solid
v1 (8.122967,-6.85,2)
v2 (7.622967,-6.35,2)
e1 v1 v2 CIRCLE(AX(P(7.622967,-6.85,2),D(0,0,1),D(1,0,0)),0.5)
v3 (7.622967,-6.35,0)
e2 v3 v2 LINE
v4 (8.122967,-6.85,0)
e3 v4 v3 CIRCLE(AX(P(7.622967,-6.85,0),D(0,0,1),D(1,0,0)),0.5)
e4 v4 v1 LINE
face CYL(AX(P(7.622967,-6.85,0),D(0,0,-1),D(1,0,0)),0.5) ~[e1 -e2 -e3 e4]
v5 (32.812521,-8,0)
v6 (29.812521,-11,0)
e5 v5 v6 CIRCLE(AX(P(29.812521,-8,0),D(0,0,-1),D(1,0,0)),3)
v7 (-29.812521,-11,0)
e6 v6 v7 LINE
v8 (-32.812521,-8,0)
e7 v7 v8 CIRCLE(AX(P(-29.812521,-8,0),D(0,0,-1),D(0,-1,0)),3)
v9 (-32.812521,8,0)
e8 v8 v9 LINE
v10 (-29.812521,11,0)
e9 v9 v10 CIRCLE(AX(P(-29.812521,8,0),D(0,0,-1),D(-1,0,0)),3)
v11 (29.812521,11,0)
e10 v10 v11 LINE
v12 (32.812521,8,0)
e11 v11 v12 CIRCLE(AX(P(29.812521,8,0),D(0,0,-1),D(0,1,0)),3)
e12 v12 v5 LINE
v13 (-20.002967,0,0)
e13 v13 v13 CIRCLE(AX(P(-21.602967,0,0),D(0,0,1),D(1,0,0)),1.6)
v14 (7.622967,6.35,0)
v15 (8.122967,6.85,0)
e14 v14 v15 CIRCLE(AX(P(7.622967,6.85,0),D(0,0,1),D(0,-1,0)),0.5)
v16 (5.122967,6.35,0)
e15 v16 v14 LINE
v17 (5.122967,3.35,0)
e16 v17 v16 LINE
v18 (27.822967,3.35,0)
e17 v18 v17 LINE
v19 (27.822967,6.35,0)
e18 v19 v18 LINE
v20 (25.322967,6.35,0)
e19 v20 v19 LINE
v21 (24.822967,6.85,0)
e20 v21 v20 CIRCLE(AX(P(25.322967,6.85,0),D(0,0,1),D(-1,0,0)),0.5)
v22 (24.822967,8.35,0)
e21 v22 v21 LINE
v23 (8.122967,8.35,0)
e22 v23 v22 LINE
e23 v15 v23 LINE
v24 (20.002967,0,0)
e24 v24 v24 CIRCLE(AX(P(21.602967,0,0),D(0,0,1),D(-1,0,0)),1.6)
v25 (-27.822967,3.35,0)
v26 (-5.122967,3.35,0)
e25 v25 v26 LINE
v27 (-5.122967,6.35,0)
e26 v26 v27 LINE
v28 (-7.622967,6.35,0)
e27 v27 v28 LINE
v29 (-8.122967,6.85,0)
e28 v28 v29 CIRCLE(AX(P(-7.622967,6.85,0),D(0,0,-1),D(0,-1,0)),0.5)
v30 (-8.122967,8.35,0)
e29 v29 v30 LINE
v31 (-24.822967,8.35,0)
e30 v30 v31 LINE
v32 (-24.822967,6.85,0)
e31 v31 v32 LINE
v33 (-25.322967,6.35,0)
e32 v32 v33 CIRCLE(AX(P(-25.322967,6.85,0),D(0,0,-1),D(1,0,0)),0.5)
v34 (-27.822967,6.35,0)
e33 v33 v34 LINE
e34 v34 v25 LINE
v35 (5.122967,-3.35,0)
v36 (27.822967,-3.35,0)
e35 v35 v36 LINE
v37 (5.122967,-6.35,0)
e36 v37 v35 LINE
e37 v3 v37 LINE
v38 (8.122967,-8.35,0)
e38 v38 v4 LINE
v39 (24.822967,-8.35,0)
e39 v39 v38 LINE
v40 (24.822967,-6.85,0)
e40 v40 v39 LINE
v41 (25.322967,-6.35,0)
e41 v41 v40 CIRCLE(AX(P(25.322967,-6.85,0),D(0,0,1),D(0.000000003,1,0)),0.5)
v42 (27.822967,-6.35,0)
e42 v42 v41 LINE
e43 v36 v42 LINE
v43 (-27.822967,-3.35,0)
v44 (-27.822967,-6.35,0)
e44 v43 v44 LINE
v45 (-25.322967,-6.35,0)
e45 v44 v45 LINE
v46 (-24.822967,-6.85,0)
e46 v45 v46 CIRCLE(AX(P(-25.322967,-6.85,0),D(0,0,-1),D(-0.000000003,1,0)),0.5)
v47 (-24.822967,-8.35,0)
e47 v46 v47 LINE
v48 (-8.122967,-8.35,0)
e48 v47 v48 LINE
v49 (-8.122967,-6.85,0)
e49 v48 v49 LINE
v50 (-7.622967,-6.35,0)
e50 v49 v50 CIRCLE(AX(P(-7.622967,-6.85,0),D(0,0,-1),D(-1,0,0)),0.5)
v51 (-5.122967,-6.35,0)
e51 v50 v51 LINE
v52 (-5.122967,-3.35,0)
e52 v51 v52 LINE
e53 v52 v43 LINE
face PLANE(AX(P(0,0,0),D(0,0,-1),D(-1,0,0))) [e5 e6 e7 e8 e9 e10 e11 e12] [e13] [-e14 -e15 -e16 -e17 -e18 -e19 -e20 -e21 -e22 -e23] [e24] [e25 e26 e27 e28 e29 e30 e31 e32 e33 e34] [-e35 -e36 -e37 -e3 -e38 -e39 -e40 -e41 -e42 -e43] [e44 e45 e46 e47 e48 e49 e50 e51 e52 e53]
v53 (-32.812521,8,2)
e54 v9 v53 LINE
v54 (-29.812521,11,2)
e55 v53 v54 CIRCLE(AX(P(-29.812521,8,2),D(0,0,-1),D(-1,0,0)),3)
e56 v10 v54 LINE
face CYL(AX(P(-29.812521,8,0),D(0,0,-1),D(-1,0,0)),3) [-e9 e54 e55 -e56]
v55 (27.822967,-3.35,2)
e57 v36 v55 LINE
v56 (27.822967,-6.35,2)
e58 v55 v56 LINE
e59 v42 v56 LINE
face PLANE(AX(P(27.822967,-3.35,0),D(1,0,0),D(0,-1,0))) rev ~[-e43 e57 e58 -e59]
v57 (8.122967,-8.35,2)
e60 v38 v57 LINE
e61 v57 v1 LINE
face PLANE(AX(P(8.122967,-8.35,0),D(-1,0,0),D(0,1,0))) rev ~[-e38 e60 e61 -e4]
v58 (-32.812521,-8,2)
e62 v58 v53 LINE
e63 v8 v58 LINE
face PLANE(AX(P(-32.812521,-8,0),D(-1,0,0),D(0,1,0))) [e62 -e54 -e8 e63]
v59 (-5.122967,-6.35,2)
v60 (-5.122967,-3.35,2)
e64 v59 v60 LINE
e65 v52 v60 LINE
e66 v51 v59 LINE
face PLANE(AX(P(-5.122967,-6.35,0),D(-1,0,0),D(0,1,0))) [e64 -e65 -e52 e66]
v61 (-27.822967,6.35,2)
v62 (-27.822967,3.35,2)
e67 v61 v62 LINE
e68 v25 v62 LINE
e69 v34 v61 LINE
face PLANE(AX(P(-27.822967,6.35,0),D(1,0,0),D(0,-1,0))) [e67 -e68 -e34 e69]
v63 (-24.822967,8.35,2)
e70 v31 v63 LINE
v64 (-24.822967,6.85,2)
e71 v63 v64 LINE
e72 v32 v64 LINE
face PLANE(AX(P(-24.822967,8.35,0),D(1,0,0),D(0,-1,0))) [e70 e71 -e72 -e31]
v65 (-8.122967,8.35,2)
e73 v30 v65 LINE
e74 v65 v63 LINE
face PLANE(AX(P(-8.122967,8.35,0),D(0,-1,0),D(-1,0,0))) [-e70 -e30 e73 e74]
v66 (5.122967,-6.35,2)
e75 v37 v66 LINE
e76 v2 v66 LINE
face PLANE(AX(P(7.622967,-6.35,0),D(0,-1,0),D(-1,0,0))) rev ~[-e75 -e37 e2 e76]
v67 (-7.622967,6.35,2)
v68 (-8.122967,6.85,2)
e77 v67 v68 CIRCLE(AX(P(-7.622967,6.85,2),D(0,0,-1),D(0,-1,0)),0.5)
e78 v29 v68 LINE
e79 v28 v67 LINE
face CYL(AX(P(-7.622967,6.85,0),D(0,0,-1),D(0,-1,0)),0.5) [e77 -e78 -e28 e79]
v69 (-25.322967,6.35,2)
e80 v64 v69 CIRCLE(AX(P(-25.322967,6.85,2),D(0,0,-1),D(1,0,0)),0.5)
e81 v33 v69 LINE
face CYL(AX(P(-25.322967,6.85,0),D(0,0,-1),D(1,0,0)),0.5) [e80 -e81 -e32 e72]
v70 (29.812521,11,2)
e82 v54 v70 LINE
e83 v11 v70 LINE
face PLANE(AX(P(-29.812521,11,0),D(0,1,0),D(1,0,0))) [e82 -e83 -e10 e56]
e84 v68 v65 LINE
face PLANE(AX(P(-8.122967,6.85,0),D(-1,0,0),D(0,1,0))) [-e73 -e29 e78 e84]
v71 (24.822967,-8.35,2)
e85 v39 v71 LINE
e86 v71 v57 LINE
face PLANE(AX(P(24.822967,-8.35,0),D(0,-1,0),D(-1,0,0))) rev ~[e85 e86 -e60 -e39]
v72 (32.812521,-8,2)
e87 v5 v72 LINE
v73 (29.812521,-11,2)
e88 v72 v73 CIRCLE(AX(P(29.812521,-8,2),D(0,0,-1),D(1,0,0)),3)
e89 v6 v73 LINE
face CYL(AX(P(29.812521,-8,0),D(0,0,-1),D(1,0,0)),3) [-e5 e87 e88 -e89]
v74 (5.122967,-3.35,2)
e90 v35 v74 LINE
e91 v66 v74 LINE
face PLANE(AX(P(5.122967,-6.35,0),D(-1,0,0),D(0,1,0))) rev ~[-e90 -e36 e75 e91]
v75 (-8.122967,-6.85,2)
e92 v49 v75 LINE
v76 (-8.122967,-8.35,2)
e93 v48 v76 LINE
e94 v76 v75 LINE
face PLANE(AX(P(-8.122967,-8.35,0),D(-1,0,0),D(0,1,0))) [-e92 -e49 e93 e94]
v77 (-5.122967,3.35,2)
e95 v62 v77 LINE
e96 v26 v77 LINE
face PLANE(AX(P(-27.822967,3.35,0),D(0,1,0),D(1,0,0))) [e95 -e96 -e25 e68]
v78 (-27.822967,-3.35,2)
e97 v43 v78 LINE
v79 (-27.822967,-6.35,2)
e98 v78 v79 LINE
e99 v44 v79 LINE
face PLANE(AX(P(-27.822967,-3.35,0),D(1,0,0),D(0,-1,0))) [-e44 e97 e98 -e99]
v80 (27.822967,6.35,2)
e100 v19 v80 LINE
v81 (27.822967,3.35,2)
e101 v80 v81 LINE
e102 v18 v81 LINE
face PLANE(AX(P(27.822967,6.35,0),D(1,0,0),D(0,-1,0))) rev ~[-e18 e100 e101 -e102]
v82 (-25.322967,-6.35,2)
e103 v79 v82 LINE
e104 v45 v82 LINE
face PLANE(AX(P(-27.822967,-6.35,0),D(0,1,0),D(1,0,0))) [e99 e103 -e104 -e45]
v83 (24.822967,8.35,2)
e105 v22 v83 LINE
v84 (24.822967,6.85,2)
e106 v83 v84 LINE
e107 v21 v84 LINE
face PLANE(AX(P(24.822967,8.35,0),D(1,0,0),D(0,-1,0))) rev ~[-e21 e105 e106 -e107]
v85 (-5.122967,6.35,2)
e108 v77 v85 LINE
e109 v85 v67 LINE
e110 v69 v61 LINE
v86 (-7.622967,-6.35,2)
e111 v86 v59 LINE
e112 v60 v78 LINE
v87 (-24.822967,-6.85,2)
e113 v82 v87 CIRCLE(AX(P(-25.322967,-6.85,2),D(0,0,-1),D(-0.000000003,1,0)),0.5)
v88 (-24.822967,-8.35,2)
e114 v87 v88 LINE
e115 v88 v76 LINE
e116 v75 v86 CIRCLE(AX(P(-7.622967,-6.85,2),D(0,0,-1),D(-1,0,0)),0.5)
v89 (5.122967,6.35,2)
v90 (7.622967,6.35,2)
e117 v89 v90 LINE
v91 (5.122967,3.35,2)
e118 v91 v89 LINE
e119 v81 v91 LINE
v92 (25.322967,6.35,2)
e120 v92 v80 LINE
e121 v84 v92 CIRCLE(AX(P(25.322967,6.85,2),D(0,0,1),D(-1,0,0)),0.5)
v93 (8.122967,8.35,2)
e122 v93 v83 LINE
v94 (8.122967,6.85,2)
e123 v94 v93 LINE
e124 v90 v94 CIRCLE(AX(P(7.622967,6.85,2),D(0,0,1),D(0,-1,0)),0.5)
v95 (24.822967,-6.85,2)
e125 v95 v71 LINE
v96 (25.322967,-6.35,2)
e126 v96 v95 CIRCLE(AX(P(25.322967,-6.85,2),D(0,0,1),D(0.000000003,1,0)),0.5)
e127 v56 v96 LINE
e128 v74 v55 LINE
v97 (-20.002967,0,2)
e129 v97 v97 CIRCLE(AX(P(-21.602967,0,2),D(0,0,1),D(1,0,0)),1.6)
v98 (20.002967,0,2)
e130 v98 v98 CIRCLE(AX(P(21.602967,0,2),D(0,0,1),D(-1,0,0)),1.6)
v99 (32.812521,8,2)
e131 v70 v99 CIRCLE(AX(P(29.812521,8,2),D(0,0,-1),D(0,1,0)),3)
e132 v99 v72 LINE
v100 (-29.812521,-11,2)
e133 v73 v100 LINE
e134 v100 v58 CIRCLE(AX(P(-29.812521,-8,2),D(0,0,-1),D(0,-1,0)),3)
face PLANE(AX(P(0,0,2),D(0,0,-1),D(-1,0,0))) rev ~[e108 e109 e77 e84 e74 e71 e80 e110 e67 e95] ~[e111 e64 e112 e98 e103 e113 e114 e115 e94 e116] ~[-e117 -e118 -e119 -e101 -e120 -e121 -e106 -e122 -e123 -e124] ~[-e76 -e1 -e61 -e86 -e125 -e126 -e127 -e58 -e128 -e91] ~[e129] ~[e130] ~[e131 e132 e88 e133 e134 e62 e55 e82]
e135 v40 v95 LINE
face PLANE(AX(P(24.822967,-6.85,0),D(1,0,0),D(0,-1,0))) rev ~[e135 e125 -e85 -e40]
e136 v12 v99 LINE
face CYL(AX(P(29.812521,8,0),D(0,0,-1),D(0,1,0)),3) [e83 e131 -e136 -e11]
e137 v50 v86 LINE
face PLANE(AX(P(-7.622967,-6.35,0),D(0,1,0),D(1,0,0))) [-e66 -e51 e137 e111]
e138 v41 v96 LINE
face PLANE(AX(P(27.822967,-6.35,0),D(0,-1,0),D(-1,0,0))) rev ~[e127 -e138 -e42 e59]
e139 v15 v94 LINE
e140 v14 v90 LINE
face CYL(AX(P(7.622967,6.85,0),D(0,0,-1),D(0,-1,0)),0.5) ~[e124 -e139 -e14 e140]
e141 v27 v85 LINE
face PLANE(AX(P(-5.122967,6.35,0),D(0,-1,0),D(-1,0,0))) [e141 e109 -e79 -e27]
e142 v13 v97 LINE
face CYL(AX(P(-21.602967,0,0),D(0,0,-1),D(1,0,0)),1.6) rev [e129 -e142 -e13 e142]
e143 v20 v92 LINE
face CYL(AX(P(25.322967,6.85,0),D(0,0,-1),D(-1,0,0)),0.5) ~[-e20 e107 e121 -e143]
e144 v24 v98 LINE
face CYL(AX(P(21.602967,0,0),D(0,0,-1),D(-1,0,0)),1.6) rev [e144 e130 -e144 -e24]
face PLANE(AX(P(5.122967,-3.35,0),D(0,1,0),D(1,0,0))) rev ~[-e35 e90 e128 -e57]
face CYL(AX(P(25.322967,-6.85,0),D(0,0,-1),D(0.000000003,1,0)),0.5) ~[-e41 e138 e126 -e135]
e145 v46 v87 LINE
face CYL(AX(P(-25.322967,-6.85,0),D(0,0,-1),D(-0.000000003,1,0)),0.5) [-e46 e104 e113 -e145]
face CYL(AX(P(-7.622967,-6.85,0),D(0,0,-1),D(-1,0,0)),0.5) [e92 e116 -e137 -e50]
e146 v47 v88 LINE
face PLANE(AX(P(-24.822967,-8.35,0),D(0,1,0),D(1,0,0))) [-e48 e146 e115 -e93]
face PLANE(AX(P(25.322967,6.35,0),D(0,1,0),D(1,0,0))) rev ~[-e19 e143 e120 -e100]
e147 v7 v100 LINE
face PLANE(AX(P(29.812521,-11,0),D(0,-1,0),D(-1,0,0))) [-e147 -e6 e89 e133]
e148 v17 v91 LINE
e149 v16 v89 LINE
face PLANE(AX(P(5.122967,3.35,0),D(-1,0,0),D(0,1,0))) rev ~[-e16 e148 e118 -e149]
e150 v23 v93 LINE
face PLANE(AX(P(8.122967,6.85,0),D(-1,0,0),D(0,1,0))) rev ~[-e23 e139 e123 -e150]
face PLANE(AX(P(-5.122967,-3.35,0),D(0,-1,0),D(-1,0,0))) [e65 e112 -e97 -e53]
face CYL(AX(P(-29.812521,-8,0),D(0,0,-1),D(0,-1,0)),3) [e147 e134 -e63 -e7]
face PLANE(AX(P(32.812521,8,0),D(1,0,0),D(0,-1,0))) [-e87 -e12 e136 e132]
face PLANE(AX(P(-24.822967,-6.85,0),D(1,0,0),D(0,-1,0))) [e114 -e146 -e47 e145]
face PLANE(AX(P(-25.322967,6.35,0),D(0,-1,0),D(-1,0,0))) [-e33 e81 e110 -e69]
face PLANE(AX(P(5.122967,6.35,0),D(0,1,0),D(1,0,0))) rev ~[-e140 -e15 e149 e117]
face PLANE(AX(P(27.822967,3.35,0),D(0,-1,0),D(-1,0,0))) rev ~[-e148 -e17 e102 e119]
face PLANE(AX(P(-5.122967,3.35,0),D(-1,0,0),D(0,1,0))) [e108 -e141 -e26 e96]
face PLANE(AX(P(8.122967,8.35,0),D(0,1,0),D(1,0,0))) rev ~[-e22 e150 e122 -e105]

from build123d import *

# Parameters (mm, degrees)
SKETCH_1_R      = 1.6
EXTRUDE_1_DEPTH = 2


with BuildPart() as part:
    # 草图1 → 凸台-拉伸1 (new body)
    with BuildSketch(Plane.XY):
        with BuildLine():
            Line((-29.812520549, 11), (29.812520549, 11))
            ThreePointArc((29.812520549, 11), (31.933840892, 10.121320344), (32.812520549, 8))
            Line((32.812520549, 8), (32.812520549, -8))
            ThreePointArc((32.812520549, -8), (31.933840892, -10.121320344), (29.812520549, -11))
            Line((29.812520549, -11), (-29.812520549, -11))
            ThreePointArc((-29.812520549, -11), (-31.933840892, -10.121320344), (-32.812520549, -8))
            Line((-32.812520549, -8), (-32.812520549, 8))
            ThreePointArc((-32.812520549, 8), (-31.933840892, 10.121320344), (-29.812520549, 11))
        make_face()
        with Locations((-21.602967139, 3e-09)):
            Circle(SKETCH_1_R, mode=Mode.SUBTRACT)
        with Locations(Location((21.602967139, 3e-09, 0), (0, 0, 180))):
            Circle(SKETCH_1_R, mode=Mode.SUBTRACT)
        with BuildLine():
            Line((-27.82296712, -6.350000006), (-25.322967139, -6.350000006))
            ThreePointArc((-25.322967139, -6.350000006), (-24.969413752, -6.496446613), (-24.822967144, -6.850000001))
            Line((-24.822967144, -6.850000001), (-24.822967144, -8.350000009))
            Line((-24.822967144, -8.350000009), (-8.122967147, -8.350000009))
            Line((-8.122967147, -8.350000009), (-8.122967147, -6.850000006))
            ThreePointArc((-8.122967147, -6.850000006), (-7.976520539, -6.496446619), (-7.622967152, -6.350000011))
            Line((-7.622967152, -6.350000011), (-5.122967162, -6.350000011))
            Line((-5.122967162, -6.350000011), (-5.122967162, -3.349999976))
            Line((-5.122967162, -3.349999976), (-27.82296712, -3.349999976))
            Line((-27.82296712, -3.349999976), (-27.82296712, -6.350000006))
        make_face(mode=Mode.SUBTRACT)
        with BuildLine():
            Line((-8.12296715, 8.350000017), (-24.822967148, 8.350000017))
            Line((-24.822967148, 8.350000017), (-24.822967148, 6.850000008))
            ThreePointArc((-24.822967148, 6.850000008), (-24.969413756, 6.496446621), (-25.322967143, 6.350000013))
            Line((-25.322967143, 6.350000013), (-27.822967124, 6.350000013))
            Line((-27.822967124, 6.350000013), (-27.822967124, 3.349999975))
            Line((-27.822967124, 3.349999975), (-5.122967149, 3.349999975))
            Line((-5.122967149, 3.349999975), (-5.122967149, 6.350000013))
            Line((-5.122967149, 6.350000013), (-7.622967155, 6.350000013))
            ThreePointArc((-7.622967155, 6.350000013), (-7.976520542, 6.496446621), (-8.12296715, 6.850000008))
            Line((-8.12296715, 6.850000008), (-8.12296715, 8.350000017))
        make_face(mode=Mode.SUBTRACT)
        with BuildLine():
            Line((24.822967148, 8.350000017), (24.822967148, 6.850000008))
            ThreePointArc((24.822967148, 6.850000008), (24.969413756, 6.496446621), (25.322967143, 6.350000013))
            Line((25.322967143, 6.350000013), (27.822967124, 6.350000013))
            Line((27.822967124, 6.350000013), (27.822967124, 3.349999975))
            Line((27.822967124, 3.349999975), (5.122967149, 3.349999975))
            Line((5.122967149, 3.349999975), (5.122967149, 6.350000013))
            Line((5.122967149, 6.350000013), (7.622967155, 6.350000013))
            ThreePointArc((7.622967155, 6.350000013), (7.976520542, 6.496446621), (8.12296715, 6.850000008))
            Line((8.12296715, 6.850000008), (8.12296715, 8.350000017))
            Line((8.12296715, 8.350000017), (24.822967148, 8.350000017))
        make_face(mode=Mode.SUBTRACT)
        with BuildLine():
            Line((24.822967144, -6.850000001), (24.822967144, -8.350000009))
            Line((24.822967144, -8.350000009), (8.122967147, -8.350000009))
            Line((8.122967147, -8.350000009), (8.122967147, -6.850000006))
            ThreePointArc((8.122967147, -6.850000006), (7.976520539, -6.496446619), (7.622967152, -6.350000011))
            Line((7.622967152, -6.350000011), (5.122967162, -6.350000011))
            Line((5.122967162, -6.350000011), (5.122967162, -3.349999976))
            Line((5.122967162, -3.349999976), (27.82296712, -3.349999976))
            Line((27.82296712, -3.349999976), (27.82296712, -6.350000006))
            Line((27.82296712, -6.350000006), (25.322967139, -6.350000006))
            ThreePointArc((25.322967139, -6.350000006), (24.969413752, -6.496446613), (24.822967144, -6.850000001))
        make_face(mode=Mode.SUBTRACT)
    extrude(amount=EXTRUDE_1_DEPTH)


solid = part.part
